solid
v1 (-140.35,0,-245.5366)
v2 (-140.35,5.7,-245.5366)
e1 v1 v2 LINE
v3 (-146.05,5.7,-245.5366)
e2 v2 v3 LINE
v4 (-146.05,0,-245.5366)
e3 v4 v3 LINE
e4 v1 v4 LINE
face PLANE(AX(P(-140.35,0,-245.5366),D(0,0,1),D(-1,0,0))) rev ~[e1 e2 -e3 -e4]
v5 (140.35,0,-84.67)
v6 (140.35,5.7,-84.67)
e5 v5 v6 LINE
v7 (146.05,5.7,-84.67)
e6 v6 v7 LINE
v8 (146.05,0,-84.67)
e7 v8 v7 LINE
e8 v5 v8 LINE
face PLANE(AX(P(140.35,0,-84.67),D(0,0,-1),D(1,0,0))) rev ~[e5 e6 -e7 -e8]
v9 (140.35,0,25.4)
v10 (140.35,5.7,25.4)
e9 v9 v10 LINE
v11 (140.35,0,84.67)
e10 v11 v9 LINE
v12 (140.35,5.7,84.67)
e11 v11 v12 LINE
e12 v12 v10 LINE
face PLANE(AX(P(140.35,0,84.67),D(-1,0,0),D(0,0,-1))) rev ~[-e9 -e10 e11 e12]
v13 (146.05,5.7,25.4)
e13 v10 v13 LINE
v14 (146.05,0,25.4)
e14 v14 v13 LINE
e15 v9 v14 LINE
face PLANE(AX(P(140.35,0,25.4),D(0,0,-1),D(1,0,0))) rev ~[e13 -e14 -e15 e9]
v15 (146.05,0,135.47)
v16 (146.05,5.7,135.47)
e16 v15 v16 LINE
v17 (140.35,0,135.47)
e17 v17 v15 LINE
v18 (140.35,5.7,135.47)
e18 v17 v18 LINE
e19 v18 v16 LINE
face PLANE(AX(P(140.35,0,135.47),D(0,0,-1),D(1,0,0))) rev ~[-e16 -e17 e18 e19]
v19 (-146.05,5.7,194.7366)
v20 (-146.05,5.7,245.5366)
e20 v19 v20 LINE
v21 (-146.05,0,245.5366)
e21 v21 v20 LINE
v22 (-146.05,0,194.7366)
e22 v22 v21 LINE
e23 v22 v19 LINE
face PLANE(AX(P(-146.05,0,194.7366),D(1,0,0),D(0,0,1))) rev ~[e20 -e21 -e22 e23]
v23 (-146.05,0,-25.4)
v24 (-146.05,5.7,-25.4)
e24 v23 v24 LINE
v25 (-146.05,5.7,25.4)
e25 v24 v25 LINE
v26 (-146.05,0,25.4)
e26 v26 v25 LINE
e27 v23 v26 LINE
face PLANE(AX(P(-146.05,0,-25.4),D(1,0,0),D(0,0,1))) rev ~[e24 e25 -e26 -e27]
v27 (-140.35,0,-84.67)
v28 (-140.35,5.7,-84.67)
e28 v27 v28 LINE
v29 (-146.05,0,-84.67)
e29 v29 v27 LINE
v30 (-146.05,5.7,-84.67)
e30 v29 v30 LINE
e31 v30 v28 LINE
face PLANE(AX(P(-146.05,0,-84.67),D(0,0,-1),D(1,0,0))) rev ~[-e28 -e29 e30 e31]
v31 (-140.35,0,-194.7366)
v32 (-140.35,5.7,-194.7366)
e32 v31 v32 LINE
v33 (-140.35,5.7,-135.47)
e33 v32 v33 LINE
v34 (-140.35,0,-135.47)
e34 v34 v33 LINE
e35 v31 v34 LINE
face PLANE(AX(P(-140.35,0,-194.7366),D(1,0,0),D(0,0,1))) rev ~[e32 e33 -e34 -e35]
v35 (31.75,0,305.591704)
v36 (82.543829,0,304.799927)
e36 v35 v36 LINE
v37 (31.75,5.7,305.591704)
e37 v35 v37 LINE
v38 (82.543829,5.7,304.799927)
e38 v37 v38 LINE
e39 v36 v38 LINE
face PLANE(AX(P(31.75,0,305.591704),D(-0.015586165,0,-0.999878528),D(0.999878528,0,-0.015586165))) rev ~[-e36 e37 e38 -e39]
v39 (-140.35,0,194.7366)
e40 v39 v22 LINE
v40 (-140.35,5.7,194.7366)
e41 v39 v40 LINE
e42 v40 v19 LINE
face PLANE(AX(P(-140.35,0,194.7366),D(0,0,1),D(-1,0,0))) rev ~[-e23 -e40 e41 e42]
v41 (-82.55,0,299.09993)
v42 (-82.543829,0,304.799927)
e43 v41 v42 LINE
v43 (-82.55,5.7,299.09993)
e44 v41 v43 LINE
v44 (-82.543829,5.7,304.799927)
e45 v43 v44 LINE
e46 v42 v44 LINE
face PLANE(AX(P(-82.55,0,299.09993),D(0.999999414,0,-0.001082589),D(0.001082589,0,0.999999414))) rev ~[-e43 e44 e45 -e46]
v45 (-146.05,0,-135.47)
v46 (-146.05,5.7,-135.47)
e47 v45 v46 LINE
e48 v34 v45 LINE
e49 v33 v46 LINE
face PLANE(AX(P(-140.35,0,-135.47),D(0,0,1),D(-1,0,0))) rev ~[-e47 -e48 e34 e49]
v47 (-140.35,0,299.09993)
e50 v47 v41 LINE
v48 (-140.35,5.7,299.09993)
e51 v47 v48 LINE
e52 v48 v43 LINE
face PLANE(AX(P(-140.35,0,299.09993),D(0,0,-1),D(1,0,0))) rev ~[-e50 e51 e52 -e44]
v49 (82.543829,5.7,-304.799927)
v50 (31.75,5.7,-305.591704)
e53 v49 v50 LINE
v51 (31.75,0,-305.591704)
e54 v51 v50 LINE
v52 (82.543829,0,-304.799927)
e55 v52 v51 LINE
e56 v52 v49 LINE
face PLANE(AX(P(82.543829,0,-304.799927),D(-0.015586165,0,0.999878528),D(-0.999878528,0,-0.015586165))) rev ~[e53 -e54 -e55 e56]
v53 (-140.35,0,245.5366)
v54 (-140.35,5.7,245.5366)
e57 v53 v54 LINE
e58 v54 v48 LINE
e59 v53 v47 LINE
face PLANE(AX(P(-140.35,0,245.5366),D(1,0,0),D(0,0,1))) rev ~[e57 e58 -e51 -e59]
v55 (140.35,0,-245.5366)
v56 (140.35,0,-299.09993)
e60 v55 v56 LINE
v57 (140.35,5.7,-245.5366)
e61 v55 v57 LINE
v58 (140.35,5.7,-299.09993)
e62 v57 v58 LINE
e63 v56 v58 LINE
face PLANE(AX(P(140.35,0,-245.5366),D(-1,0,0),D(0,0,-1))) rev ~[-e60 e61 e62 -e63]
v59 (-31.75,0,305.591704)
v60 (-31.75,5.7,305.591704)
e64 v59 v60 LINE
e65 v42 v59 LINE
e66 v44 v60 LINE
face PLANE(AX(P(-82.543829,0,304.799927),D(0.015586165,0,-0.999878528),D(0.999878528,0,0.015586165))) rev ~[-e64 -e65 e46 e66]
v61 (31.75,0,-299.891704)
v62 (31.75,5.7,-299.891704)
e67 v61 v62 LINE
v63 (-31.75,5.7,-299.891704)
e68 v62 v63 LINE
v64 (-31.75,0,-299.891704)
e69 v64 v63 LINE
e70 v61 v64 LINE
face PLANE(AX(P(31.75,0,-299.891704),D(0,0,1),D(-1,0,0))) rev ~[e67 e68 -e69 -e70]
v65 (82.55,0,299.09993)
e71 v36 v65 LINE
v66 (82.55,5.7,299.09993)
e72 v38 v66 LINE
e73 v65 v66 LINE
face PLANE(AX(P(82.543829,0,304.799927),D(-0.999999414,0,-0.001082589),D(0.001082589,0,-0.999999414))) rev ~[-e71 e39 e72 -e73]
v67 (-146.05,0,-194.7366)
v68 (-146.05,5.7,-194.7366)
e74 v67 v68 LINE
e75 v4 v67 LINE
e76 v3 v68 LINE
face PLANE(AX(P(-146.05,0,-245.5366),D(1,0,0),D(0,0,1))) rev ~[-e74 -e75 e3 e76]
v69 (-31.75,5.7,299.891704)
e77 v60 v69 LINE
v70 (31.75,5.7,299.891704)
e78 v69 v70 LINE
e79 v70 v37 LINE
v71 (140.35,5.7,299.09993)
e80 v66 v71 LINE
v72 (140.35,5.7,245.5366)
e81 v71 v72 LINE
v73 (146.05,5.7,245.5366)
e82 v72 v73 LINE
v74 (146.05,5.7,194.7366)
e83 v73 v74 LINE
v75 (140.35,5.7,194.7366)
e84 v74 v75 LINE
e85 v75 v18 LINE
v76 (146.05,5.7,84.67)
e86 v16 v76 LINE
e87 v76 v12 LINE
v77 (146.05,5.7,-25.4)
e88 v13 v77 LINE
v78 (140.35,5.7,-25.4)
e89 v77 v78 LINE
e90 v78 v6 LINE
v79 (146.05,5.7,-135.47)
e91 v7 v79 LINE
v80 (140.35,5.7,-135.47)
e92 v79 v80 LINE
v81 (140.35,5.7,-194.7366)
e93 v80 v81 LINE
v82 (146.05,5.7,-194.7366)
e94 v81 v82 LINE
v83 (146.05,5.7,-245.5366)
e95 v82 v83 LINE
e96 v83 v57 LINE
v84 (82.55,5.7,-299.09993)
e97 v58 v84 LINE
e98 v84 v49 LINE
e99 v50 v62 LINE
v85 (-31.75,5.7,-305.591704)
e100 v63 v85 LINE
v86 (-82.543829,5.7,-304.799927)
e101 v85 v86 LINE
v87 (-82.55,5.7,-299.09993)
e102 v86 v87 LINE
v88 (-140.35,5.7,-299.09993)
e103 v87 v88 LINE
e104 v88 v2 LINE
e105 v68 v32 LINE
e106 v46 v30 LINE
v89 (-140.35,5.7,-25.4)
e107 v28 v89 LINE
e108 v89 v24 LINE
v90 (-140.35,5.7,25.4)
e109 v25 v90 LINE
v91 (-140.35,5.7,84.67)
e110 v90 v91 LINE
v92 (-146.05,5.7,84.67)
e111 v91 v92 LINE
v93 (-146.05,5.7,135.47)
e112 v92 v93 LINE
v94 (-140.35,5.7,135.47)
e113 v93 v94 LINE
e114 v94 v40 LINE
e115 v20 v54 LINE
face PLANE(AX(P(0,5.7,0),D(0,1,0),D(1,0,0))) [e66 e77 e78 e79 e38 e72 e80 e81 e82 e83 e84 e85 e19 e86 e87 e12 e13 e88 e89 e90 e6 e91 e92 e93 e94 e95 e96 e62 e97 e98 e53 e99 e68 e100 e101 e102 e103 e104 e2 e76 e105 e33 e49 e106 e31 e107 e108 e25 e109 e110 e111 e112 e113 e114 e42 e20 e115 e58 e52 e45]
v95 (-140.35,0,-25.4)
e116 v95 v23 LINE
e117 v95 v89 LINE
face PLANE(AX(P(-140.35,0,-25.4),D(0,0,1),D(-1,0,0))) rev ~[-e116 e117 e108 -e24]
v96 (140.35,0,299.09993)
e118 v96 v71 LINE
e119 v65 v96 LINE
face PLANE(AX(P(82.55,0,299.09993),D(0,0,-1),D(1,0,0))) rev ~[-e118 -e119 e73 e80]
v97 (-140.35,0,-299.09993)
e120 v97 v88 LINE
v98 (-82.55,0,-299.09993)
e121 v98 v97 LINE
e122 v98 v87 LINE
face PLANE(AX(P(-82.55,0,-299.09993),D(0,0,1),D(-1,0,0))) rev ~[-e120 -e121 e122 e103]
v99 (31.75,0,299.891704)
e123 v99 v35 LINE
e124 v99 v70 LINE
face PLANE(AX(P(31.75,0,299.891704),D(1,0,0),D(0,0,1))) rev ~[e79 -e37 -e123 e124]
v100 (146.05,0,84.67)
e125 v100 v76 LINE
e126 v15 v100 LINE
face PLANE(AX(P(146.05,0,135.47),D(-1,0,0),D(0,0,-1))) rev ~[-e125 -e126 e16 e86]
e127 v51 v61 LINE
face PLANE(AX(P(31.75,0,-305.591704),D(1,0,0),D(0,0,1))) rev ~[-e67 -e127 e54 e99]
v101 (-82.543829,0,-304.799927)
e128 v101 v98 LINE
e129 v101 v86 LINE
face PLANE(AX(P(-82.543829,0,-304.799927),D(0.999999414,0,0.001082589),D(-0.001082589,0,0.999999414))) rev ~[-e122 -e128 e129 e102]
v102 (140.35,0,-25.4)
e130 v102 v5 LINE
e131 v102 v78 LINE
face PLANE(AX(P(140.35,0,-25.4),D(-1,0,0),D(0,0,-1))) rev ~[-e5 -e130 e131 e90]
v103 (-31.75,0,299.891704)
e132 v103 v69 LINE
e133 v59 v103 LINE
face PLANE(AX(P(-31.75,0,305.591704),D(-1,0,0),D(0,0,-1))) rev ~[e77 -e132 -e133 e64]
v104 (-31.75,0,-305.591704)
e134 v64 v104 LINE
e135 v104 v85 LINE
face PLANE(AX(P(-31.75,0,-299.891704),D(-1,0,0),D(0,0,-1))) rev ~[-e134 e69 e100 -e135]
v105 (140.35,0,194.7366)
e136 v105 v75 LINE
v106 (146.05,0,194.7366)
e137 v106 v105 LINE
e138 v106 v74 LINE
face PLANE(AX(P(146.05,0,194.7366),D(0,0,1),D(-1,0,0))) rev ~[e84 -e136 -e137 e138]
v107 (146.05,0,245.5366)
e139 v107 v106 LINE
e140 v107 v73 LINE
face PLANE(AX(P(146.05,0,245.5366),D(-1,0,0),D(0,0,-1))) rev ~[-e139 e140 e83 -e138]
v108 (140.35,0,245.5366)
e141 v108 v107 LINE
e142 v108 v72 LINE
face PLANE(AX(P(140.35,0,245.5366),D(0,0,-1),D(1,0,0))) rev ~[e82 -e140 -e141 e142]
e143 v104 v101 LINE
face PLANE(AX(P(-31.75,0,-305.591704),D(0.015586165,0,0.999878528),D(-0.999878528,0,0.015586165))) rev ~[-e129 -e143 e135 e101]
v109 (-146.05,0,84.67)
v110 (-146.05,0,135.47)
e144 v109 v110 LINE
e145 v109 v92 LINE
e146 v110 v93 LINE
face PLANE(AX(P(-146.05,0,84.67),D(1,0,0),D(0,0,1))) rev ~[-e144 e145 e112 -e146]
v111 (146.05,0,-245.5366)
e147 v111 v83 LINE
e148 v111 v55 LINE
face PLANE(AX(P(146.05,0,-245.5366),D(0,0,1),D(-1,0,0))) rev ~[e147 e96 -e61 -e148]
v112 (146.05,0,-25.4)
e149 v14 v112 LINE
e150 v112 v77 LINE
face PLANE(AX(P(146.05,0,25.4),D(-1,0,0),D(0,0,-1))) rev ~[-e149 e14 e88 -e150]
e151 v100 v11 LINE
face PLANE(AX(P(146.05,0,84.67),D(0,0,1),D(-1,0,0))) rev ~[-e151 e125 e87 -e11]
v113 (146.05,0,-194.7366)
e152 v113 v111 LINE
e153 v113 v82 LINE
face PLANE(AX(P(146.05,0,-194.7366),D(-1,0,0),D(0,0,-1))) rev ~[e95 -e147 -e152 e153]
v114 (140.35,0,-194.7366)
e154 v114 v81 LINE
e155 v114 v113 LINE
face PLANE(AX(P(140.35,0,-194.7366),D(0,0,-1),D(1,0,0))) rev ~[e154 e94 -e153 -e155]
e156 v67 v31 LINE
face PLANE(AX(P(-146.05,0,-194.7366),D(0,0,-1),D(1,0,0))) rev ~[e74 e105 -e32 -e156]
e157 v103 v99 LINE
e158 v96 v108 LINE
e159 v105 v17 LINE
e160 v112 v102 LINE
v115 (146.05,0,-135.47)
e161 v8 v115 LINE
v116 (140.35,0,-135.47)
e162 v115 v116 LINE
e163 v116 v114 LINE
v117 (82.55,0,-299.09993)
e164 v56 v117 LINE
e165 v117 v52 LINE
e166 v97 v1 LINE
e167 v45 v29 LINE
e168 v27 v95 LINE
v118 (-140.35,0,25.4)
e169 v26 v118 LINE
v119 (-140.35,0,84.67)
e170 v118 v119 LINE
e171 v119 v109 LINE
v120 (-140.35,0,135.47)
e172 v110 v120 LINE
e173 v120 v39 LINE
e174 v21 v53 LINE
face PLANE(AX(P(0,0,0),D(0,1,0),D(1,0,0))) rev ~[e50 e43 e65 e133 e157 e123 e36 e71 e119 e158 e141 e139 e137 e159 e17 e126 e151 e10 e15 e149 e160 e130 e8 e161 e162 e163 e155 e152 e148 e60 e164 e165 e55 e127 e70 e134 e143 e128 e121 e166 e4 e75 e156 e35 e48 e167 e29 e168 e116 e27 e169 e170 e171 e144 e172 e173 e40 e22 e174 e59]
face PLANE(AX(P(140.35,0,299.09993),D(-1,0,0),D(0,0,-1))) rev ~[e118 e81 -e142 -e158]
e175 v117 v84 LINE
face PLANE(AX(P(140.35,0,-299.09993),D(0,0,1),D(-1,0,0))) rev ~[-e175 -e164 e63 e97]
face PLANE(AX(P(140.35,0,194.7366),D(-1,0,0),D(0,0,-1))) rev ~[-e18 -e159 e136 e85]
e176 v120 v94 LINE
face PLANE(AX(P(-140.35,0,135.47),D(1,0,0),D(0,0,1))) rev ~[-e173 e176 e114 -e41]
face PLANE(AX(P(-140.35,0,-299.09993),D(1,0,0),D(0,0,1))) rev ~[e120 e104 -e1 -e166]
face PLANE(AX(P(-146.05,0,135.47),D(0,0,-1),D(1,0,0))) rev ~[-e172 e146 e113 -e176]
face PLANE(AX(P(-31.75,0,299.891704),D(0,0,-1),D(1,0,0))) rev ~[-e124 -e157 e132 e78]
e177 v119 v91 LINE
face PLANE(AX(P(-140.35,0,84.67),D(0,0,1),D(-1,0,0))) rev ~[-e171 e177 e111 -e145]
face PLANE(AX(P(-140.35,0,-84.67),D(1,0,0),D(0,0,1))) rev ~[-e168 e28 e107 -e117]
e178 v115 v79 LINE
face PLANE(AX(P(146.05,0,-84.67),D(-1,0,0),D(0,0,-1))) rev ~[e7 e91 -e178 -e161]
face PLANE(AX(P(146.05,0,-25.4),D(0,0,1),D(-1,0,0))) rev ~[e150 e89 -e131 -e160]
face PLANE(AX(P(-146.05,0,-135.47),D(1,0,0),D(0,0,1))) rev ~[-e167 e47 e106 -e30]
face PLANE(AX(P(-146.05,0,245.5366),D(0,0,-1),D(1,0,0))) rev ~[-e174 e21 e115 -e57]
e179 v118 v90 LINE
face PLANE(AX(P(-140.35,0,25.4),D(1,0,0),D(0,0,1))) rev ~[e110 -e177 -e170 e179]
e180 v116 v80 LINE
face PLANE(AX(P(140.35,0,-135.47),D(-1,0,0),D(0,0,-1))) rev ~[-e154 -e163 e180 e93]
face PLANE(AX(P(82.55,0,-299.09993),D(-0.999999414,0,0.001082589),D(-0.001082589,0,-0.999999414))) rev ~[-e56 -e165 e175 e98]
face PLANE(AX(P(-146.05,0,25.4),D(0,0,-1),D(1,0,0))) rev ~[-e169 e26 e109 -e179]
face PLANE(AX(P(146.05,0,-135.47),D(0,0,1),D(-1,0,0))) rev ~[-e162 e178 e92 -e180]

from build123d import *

# Parameters (mm, degrees)
BOSS_EXTRUDE1_DEPTH = 5.7


with BuildPart() as part:
    # Sketch1 → Boss-Extrude1 (new body)
    with BuildSketch(Plane(origin=(0, 0, 0), x_dir=(1, 0, 0), z_dir=(0, 1, 0))):
        Polygon((31.75, 299.891703858), (-31.75, 299.891703858), (-31.75, 305.591703858), (-82.54382924, 304.79992666), (-82.55, 299.09993), (-140.35, 299.09993), (-140.35, 245.5366), (-146.05, 245.5366), (-146.05, 194.7366), (-140.35, 194.7366), (-140.35, 135.47), (-146.05, 135.47), (-146.05, 84.67), (-140.35, 84.67), (-140.35, 25.4), (-146.05, 25.4), (-146.05, -25.4), (-140.35, -25.4), (-140.35, -84.67), (-146.05, -84.67), (-146.05, -135.47), (-140.35, -135.47), (-140.35, -194.7366), (-146.05, -194.7366), (-146.05, -245.5366), (-140.35, -245.5366), (-140.35, -299.09993), (-82.55, -299.09993), (-82.54382924, -304.79992666), (-31.75, -305.591703858), (-31.75, -299.891703858), (31.75, -299.891703858), (31.75, -305.591703858), (82.54382924, -304.79992666), (82.55, -299.09993), (140.35, -299.09993), (140.35, -245.5366), (146.05, -245.5366), (146.05, -194.7366), (140.35, -194.7366), (140.35, -135.47), (146.05, -135.47), (146.05, -84.67), (140.35, -84.67), (140.35, -25.4), (146.05, -25.4), (146.05, 25.4), (140.35, 25.4), (140.35, 84.67), (146.05, 84.67), (146.05, 135.47), (140.35, 135.47), (140.35, 194.7366), (146.05, 194.7366), (146.05, 245.5366), (140.35, 245.5366), (140.35, 299.09993), (82.55, 299.09993), (82.54382924, 304.79992666), (31.75, 305.591703858), align=None)
    extrude(amount=BOSS_EXTRUDE1_DEPTH)


solid = part.part
